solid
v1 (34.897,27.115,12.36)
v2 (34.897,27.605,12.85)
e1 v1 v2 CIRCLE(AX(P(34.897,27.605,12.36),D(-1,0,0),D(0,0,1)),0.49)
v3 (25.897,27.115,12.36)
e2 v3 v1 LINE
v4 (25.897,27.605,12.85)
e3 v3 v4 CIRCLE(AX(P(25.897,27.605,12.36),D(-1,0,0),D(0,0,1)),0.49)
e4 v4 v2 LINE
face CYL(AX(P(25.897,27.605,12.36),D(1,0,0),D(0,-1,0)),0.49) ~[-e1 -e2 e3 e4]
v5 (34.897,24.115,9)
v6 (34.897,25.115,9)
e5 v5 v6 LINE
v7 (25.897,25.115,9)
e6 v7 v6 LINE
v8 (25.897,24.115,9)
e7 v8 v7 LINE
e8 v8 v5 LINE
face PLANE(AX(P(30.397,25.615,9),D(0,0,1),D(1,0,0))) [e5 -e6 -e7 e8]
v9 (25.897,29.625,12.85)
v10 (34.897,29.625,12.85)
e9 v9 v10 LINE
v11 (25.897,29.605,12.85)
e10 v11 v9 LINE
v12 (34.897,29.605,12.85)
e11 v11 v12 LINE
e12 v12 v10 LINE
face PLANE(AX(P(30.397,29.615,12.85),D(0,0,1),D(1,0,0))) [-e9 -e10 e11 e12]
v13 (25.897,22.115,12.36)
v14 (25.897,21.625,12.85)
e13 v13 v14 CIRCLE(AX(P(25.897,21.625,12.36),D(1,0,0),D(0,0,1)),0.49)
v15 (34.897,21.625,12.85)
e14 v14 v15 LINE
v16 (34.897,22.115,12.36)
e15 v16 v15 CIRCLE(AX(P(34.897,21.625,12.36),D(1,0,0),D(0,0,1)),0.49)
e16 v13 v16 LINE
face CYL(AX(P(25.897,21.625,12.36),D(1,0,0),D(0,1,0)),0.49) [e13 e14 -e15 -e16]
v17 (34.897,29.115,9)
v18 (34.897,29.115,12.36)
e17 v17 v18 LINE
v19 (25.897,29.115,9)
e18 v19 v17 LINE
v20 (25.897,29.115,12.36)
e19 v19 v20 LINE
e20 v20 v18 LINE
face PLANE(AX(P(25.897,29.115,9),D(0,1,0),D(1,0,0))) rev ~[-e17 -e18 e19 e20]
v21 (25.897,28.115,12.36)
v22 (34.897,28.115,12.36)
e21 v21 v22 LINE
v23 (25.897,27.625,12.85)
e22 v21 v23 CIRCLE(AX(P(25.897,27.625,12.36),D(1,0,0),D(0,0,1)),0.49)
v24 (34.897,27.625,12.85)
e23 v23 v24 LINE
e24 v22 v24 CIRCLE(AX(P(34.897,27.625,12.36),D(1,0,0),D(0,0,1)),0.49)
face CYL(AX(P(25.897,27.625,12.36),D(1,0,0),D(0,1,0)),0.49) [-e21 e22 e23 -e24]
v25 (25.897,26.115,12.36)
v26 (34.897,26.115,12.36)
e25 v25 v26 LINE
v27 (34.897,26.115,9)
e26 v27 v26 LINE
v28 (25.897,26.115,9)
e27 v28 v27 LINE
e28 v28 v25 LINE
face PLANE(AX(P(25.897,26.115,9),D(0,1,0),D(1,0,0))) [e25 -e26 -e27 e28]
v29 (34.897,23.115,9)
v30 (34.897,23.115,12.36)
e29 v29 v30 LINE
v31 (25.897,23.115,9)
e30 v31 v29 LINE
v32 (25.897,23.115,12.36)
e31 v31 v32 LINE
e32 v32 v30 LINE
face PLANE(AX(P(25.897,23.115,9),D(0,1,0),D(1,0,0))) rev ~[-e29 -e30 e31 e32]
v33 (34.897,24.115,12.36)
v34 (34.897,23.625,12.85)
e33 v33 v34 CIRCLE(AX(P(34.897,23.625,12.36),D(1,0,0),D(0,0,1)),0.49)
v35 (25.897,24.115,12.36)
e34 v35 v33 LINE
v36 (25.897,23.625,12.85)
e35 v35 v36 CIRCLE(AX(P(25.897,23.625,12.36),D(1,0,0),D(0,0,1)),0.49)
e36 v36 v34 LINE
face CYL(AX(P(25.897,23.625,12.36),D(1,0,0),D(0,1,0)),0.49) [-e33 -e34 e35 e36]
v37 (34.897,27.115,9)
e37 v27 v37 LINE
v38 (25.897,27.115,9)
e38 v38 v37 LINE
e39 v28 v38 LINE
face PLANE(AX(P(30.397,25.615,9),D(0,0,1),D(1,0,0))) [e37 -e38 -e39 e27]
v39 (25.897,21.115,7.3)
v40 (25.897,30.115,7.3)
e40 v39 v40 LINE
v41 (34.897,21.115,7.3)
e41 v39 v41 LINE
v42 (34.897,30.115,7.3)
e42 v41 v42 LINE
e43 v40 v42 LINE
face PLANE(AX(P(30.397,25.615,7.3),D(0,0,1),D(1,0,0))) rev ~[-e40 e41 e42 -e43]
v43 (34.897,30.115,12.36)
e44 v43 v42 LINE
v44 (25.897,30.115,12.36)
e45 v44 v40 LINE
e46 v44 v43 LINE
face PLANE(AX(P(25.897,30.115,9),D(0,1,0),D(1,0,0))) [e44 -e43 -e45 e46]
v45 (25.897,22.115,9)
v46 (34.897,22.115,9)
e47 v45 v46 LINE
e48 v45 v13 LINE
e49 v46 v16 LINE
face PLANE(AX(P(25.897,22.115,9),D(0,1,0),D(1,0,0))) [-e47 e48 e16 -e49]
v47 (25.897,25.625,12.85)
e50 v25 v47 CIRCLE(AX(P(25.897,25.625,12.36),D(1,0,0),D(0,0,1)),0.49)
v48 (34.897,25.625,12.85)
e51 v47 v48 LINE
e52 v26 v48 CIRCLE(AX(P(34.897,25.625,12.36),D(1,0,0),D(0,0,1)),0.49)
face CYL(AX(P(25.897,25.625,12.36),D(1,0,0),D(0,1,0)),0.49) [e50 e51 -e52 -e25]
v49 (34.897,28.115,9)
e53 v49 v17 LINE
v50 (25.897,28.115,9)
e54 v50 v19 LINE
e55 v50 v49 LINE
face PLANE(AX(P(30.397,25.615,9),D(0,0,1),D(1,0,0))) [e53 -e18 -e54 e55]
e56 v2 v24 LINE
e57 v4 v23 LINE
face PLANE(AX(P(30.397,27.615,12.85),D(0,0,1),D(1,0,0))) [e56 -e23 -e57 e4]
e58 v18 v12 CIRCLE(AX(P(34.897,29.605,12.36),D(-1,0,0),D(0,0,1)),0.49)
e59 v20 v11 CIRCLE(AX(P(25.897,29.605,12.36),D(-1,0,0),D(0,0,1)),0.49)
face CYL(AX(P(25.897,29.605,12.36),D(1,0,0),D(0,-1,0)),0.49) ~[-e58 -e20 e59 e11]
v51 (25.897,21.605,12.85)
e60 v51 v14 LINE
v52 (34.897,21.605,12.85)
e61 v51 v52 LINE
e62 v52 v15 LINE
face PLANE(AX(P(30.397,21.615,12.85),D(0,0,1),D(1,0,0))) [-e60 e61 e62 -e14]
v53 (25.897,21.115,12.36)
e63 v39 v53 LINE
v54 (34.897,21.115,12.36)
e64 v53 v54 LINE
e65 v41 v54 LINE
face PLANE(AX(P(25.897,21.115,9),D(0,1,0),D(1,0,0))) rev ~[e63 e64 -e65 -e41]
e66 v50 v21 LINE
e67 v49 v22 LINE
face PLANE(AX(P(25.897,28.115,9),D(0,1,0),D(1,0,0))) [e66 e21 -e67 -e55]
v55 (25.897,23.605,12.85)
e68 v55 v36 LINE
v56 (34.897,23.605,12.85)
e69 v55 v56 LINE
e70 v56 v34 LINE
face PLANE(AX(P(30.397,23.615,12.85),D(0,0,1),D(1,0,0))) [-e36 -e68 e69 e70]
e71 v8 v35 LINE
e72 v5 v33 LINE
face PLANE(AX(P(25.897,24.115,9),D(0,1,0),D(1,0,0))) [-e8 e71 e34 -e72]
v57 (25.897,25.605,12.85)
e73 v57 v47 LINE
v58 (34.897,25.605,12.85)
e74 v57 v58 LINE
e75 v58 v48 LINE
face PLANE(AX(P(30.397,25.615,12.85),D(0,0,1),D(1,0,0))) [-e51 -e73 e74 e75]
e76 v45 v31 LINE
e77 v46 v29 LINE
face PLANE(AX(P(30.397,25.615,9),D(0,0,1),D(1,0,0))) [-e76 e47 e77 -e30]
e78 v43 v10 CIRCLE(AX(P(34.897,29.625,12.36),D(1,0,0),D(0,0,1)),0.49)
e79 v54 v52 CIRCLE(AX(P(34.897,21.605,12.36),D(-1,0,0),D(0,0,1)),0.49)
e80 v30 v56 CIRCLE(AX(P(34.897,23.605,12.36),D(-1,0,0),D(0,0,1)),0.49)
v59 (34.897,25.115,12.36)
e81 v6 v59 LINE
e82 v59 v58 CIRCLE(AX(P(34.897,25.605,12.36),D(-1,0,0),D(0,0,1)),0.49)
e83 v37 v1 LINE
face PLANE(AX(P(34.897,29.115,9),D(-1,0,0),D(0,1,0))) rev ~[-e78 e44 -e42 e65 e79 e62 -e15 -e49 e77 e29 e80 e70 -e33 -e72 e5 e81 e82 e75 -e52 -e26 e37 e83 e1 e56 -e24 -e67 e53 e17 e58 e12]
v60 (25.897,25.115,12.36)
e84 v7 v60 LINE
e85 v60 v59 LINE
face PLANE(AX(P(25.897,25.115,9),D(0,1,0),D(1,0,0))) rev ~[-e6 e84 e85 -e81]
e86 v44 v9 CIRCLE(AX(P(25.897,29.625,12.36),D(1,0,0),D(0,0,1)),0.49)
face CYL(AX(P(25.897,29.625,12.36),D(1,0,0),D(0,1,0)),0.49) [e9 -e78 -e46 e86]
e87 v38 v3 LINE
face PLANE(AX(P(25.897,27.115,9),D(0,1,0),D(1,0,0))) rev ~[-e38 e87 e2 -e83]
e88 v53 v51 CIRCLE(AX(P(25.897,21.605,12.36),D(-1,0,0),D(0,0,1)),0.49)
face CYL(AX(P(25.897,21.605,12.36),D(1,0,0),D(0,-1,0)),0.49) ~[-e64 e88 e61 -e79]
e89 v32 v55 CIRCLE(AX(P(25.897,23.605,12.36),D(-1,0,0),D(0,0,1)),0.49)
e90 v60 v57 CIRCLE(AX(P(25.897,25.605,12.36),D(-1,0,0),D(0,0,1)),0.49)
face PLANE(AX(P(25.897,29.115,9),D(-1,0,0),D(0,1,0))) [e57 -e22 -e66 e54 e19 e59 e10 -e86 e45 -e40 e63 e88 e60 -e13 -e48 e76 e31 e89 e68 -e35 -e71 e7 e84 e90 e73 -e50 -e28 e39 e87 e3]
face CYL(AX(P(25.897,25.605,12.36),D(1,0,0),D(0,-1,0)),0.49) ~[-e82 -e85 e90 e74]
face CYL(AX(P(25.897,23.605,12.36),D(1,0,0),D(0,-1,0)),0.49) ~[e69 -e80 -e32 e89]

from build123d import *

# Parameters (mm, degrees)
BOX085026_W          = 9
BOX085026_H          = 1
BOX085026_DEPTH      = 3.85
FILLET005011017017_R = 0.49
BOX085027_W          = 9
BOX085027_H          = 1
BOX085027_DEPTH      = 3.85
FILLET005011017018_R = 0.49
BOX085028_W          = 9
BOX085028_H          = 1
BOX085028_DEPTH      = 3.85
FILLET005011017019_R = 0.49
BOX085029_W          = 9
BOX085029_H          = 1
BOX085029_DEPTH      = 3.85
FILLET005011017020_R = 0.49
BOX085030_W          = 9
BOX085030_H          = 1
BOX085030_DEPTH      = 3.85
FILLET005011017021_R = 0.49
BOX085025_W          = 9
BOX085025_H          = 9
BOX085025_DEPTH      = 1.7


with BuildPart() as fillet005011017017:
    # Box085026 → Box085026 (new body)
    with BuildSketch(Plane(origin=(25.897, 21.115, 10), x_dir=(1, 0, 0), z_dir=(0, 0, 1))):
        with Locations((4.5, 0.5)):
            Rectangle(BOX085026_W, BOX085026_H)
    extrude(amount=BOX085026_DEPTH)

    # Fillet005011017017
    fillet005011017017_edges = [fillet005011017017.edges().sort_by_distance(p)[0] for p in [
        (30.397, 21.115, 13.85),
        (30.397, 22.115, 13.85),
    ]]
    fillet(fillet005011017017_edges, radius=FILLET005011017017_R)


with BuildPart() as fillet005011017018:
    # Box085027 → Box085027 (new body)
    with BuildSketch(Plane(origin=(25.897, 21.115, 10), x_dir=(1, 0, 0), z_dir=(0, 0, 1))):
        with Locations((4.5, 0.5)):
            Rectangle(BOX085027_W, BOX085027_H)
    extrude(amount=BOX085027_DEPTH)

    # Fillet005011017018
    fillet005011017018_edges = [fillet005011017018.edges().sort_by_distance(p)[0] for p in [
        (30.397, 21.115, 13.85),
        (30.397, 22.115, 13.85),
    ]]
    fillet(fillet005011017018_edges, radius=FILLET005011017018_R)


with BuildPart() as fillet005011017018_1:
    # Fillet005011017018 placement: moved
    add(fillet005011017018.part.moved(Location((0, 2, 0))))


with BuildPart() as fillet005011017019:
    # Box085028 → Box085028 (new body)
    with BuildSketch(Plane(origin=(25.897, 21.115, 10), x_dir=(1, 0, 0), z_dir=(0, 0, 1))):
        with Locations((4.5, 0.5)):
            Rectangle(BOX085028_W, BOX085028_H)
    extrude(amount=BOX085028_DEPTH)

    # Fillet005011017019
    fillet005011017019_edges = [fillet005011017019.edges().sort_by_distance(p)[0] for p in [
        (30.397, 21.115, 13.85),
        (30.397, 22.115, 13.85),
    ]]
    fillet(fillet005011017019_edges, radius=FILLET005011017019_R)


with BuildPart() as fillet005011017019_1:
    # Fillet005011017019 placement: moved
    add(fillet005011017019.part.moved(Location((0, 4, 0))))


with BuildPart() as fillet005011017020:
    # Box085029 → Box085029 (new body)
    with BuildSketch(Plane(origin=(25.897, 21.115, 10), x_dir=(1, 0, 0), z_dir=(0, 0, 1))):
        with Locations((4.5, 0.5)):
            Rectangle(BOX085029_W, BOX085029_H)
    extrude(amount=BOX085029_DEPTH)

    # Fillet005011017020
    fillet005011017020_edges = [fillet005011017020.edges().sort_by_distance(p)[0] for p in [
        (30.397, 21.115, 13.85),
        (30.397, 22.115, 13.85),
    ]]
    fillet(fillet005011017020_edges, radius=FILLET005011017020_R)


with BuildPart() as fillet005011017020_1:
    # Fillet005011017020 placement: moved
    add(fillet005011017020.part.moved(Location((0, 6, 0))))


with BuildPart() as fillet005011017021:
    # Box085030 → Box085030 (new body)
    with BuildSketch(Plane(origin=(25.897, 21.115, 10), x_dir=(1, 0, 0), z_dir=(0, 0, 1))):
        with Locations((4.5, 0.5)):
            Rectangle(BOX085030_W, BOX085030_H)
    extrude(amount=BOX085030_DEPTH)

    # Fillet005011017021
    fillet005011017021_edges = [fillet005011017021.edges().sort_by_distance(p)[0] for p in [
        (30.397, 21.115, 13.85),
        (30.397, 22.115, 13.85),
    ]]
    fillet(fillet005011017021_edges, radius=FILLET005011017021_R)


with BuildPart() as fillet005011017021_1:
    # Fillet005011017021 placement: moved
    add(fillet005011017021.part.moved(Location((0, 8, 0))))


with BuildPart() as rpi_lan_heatsink:
    # Box085025 → Box085025 (new body)
    with BuildSketch(Plane(origin=(25.897, 21.115, 8.3), x_dir=(1, 0, 0), z_dir=(0, 0, 1))):
        with Locations((4.5, 4.5)):
            Rectangle(BOX085025_W, BOX085025_H)
    extrude(amount=BOX085025_DEPTH)

    # Fusion004008002002002001007002002014: union Fillet005011017017, Fillet005011017018, Fillet005011017019, Fillet005011017020, Fillet005011017021
    add(fillet005011017017.part)
    add(fillet005011017018_1.part)
    add(fillet005011017019_1.part)
    add(fillet005011017020_1.part)
    add(fillet005011017021_1.part)


with BuildPart() as rpi_lan_heatsink_1:
    # Fusion004008002002002001007002002014 placement: moved
    add(rpi_lan_heatsink.part.moved(Location((0, 0, -1))))


solid = rpi_lan_heatsink_1.part
